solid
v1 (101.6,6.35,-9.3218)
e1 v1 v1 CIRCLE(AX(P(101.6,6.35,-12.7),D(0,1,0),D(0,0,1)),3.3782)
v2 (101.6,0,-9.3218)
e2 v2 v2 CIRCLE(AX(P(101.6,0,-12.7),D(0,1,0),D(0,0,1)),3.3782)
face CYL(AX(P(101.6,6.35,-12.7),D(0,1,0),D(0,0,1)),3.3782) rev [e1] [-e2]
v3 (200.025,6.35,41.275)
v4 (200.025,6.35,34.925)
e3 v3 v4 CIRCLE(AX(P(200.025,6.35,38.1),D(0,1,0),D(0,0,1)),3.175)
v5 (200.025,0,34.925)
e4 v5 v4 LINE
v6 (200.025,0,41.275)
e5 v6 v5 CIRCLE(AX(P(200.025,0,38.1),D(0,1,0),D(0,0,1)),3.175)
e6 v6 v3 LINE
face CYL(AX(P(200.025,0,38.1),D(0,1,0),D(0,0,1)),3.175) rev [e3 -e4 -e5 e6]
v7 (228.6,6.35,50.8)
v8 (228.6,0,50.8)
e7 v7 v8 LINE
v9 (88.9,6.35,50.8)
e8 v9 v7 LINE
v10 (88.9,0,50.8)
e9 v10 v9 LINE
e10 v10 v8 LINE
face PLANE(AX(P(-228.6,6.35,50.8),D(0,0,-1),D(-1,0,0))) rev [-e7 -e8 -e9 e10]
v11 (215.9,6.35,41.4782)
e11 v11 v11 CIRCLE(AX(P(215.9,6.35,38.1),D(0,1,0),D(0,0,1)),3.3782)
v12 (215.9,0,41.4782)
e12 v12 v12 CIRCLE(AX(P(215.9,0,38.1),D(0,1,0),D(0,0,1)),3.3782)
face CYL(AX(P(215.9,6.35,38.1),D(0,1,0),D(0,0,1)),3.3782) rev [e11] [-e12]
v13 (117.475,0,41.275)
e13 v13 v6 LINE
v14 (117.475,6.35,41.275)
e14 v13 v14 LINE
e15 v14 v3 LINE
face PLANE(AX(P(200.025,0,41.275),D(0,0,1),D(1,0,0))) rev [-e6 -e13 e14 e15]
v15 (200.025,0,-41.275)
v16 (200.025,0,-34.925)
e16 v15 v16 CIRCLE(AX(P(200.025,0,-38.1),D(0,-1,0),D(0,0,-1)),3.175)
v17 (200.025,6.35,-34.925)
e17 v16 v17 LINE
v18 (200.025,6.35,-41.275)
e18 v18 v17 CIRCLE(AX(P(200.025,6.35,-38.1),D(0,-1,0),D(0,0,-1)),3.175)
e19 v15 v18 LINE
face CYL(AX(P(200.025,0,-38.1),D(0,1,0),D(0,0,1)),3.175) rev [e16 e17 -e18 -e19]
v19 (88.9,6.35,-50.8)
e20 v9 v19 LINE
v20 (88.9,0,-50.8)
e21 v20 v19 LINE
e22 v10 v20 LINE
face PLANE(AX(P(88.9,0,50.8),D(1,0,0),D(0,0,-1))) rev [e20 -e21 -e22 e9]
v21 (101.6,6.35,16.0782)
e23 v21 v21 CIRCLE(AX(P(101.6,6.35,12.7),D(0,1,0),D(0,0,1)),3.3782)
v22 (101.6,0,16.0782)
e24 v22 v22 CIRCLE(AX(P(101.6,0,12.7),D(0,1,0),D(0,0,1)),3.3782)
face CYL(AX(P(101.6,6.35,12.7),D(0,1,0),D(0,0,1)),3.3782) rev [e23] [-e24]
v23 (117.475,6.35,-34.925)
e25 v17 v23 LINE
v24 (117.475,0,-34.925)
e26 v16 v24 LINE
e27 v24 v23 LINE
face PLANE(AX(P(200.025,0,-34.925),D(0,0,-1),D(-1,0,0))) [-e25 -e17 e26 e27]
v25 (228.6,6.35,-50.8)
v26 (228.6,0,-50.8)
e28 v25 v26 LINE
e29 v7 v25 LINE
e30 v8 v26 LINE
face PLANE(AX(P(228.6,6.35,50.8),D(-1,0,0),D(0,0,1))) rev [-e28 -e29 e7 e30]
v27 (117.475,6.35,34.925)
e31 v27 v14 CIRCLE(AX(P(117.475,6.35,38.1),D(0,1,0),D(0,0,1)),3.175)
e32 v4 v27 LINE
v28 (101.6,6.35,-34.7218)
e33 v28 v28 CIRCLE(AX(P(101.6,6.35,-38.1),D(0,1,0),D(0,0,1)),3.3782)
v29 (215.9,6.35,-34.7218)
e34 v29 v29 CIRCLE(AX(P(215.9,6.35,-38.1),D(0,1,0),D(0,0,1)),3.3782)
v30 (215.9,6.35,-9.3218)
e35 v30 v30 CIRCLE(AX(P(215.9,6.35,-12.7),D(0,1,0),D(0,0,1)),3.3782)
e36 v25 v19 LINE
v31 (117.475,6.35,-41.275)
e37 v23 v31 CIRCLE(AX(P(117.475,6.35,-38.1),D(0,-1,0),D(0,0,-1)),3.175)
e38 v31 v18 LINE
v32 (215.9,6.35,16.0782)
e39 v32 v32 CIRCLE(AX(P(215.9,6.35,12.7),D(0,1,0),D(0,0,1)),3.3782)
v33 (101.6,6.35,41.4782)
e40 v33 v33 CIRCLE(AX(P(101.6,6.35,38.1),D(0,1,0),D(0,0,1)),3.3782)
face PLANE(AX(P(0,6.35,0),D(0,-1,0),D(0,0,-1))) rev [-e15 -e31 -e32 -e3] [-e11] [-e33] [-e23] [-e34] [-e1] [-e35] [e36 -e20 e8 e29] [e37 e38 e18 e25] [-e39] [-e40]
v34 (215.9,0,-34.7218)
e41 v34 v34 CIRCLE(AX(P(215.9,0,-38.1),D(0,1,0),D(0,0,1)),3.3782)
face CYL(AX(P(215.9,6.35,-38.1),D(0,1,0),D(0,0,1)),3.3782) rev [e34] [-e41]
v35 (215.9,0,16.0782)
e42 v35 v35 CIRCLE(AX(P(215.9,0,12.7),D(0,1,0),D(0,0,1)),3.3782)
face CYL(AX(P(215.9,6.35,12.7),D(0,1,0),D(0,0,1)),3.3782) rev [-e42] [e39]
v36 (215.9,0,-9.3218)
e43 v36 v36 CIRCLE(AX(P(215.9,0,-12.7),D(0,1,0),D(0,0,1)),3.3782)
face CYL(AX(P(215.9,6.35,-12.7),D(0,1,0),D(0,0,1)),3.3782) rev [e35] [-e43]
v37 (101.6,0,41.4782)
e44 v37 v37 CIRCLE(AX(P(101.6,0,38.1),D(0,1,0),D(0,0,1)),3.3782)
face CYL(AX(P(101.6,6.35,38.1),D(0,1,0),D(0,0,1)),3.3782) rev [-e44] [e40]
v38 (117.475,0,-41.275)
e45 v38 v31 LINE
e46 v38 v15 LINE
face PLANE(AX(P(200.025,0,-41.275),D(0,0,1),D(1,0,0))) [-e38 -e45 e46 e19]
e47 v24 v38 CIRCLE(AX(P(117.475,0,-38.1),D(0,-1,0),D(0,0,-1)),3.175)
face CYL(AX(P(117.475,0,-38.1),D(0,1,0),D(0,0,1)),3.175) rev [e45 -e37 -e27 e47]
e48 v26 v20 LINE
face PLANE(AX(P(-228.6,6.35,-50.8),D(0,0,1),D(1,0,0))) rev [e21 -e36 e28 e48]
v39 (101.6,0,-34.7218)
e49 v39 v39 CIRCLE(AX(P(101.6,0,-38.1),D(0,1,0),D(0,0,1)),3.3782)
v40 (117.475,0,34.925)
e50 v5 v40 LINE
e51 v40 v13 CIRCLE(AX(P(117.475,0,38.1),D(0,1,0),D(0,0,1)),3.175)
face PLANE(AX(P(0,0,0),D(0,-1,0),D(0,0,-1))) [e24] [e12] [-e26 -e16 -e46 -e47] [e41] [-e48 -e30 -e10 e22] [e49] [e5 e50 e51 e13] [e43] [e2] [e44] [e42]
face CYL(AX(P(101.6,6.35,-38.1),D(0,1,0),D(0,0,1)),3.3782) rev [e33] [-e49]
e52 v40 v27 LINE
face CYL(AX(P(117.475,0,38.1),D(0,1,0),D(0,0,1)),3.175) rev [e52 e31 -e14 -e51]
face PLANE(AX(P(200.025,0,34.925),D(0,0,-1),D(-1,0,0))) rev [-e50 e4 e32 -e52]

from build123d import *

# Parameters (mm, degrees)
SKETCH1_W               = 457.2
SKETCH1_H               = 101.6
BOSS_EXTRUDE1_DEPTH     = 6.35
CUT_EXTRUDE1_DEPTH      = 235.26250767
F_1_4_CLEARANCE_HOLE1_D = 6.7564
MIRROR4_COPY_1_D        = 6.7564
CUT_EXTRUDE2_DEPTH      = 235.26250767
SKETCH7_W               = 317.5
SKETCH7_H               = 101.6
CUT_EXTRUDE3_DEPTH      = 235.26250767
F_1_4_CLEARANCE_HOLE2_D = 6.7564


with BuildPart() as part:
    # Sketch1 → Boss-Extrude1 (new body)
    with BuildSketch(Plane(origin=(0, 0, 0), x_dir=(1, 0, 0), z_dir=(0, 1, 0))):
        Rectangle(SKETCH1_W, SKETCH1_H)
    extrude(amount=BOSS_EXTRUDE1_DEPTH)

    # Sketch2 → Cut-Extrude1 (cut, through all)
    with BuildSketch(Plane(origin=(0, 6.35, 0), x_dir=(1, 0, 0), z_dir=(0, 1, 0))):
        with BuildLine():
            Line((200.025, -41.275), (117.475, -41.275))
            ThreePointArc((117.475, -41.275), (114.3, -38.1), (117.475, -34.925))
            Line((117.475, -34.925), (200.025, -34.925))
            ThreePointArc((200.025, -34.925), (203.2, -38.1), (200.025, -41.275))
        make_face()
    cut_extrude1 = extrude(amount=-CUT_EXTRUDE1_DEPTH, mode=Mode.SUBTRACT)

    # Mirror1: Cut-Extrude1 across plane
    add(cut_extrude1.mirror(Plane.XY), mode=Mode.SUBTRACT)

    # 1/4 Clearance Hole1 (through all)
    with Locations(Plane(origin=(0, 6.35, 0), x_dir=(1, 0, 0), z_dir=(0, 1, 0))):
        with Locations((-215.9, 12.7), (-215.9, 38.1)):
            f_1_4_clearance_hole1 = Hole(F_1_4_CLEARANCE_HOLE1_D / 2)

    # Mirror3: 1/4 Clearance Hole1 across plane
    add(f_1_4_clearance_hole1.mirror(Plane.XY), mode=Mode.SUBTRACT)

    # Mirror4: 1/4 Clearance Hole1 across plane
    add(f_1_4_clearance_hole1.mirror(Plane(origin=(0, 0, 0), x_dir=(0, 0, 1), z_dir=(1, 0, 0))), mode=Mode.SUBTRACT)

    # Mirror4 copy 1 (through all)
    with Locations(Plane(origin=(0, 6.35, 0), x_dir=(-1, 0, 0), z_dir=(0, 1, 0))):
        with Locations((-215.9, 12.7), (-215.9, 38.1)):
            Hole(MIRROR4_COPY_1_D / 2)

    # Sketch6 → Cut-Extrude2 (cut, through all)
    with BuildSketch(Plane(origin=(0, 6.35, 0), x_dir=(1, 0, 0), z_dir=(0, 1, 0))):
        with BuildLine():
            Line((-190.5, 41.275), (-63.5, 41.275))
            ThreePointArc((-63.5, 41.275), (-60.325, 38.1), (-63.5, 34.925))
            Line((-63.5, 34.925), (-190.5, 34.925))
            ThreePointArc((-190.5, 34.925), (-193.675, 38.1), (-190.5, 41.275))
        make_face()
    cut_extrude2 = extrude(amount=-CUT_EXTRUDE2_DEPTH, mode=Mode.SUBTRACT)

    # Mirror5: Cut-Extrude2 across plane
    add(cut_extrude2.mirror(Plane.XY), mode=Mode.SUBTRACT)

    # Sketch7 → Cut-Extrude3 (cut, through all)
    with BuildSketch(Plane(origin=(0, 6.35, 0), x_dir=(1, 0, 0), z_dir=(0, 1, 0))):
        with Locations((-69.85, 0)):
            Rectangle(SKETCH7_W, SKETCH7_H)
    extrude(amount=-CUT_EXTRUDE3_DEPTH, mode=Mode.SUBTRACT)

    # 1/4 Clearance Hole2 (through all)
    with Locations(Plane(origin=(0, 6.35, 0), x_dir=(1, 0, 0), z_dir=(0, 1, 0))):
        with Locations((101.6, 38.1), (101.6, 12.7)):
            f_1_4_clearance_hole2 = Hole(F_1_4_CLEARANCE_HOLE2_D / 2)

    # Mirror8: 1/4 Clearance Hole2 across plane
    add(f_1_4_clearance_hole2.mirror(Plane.XY), mode=Mode.SUBTRACT)


solid = part.part
